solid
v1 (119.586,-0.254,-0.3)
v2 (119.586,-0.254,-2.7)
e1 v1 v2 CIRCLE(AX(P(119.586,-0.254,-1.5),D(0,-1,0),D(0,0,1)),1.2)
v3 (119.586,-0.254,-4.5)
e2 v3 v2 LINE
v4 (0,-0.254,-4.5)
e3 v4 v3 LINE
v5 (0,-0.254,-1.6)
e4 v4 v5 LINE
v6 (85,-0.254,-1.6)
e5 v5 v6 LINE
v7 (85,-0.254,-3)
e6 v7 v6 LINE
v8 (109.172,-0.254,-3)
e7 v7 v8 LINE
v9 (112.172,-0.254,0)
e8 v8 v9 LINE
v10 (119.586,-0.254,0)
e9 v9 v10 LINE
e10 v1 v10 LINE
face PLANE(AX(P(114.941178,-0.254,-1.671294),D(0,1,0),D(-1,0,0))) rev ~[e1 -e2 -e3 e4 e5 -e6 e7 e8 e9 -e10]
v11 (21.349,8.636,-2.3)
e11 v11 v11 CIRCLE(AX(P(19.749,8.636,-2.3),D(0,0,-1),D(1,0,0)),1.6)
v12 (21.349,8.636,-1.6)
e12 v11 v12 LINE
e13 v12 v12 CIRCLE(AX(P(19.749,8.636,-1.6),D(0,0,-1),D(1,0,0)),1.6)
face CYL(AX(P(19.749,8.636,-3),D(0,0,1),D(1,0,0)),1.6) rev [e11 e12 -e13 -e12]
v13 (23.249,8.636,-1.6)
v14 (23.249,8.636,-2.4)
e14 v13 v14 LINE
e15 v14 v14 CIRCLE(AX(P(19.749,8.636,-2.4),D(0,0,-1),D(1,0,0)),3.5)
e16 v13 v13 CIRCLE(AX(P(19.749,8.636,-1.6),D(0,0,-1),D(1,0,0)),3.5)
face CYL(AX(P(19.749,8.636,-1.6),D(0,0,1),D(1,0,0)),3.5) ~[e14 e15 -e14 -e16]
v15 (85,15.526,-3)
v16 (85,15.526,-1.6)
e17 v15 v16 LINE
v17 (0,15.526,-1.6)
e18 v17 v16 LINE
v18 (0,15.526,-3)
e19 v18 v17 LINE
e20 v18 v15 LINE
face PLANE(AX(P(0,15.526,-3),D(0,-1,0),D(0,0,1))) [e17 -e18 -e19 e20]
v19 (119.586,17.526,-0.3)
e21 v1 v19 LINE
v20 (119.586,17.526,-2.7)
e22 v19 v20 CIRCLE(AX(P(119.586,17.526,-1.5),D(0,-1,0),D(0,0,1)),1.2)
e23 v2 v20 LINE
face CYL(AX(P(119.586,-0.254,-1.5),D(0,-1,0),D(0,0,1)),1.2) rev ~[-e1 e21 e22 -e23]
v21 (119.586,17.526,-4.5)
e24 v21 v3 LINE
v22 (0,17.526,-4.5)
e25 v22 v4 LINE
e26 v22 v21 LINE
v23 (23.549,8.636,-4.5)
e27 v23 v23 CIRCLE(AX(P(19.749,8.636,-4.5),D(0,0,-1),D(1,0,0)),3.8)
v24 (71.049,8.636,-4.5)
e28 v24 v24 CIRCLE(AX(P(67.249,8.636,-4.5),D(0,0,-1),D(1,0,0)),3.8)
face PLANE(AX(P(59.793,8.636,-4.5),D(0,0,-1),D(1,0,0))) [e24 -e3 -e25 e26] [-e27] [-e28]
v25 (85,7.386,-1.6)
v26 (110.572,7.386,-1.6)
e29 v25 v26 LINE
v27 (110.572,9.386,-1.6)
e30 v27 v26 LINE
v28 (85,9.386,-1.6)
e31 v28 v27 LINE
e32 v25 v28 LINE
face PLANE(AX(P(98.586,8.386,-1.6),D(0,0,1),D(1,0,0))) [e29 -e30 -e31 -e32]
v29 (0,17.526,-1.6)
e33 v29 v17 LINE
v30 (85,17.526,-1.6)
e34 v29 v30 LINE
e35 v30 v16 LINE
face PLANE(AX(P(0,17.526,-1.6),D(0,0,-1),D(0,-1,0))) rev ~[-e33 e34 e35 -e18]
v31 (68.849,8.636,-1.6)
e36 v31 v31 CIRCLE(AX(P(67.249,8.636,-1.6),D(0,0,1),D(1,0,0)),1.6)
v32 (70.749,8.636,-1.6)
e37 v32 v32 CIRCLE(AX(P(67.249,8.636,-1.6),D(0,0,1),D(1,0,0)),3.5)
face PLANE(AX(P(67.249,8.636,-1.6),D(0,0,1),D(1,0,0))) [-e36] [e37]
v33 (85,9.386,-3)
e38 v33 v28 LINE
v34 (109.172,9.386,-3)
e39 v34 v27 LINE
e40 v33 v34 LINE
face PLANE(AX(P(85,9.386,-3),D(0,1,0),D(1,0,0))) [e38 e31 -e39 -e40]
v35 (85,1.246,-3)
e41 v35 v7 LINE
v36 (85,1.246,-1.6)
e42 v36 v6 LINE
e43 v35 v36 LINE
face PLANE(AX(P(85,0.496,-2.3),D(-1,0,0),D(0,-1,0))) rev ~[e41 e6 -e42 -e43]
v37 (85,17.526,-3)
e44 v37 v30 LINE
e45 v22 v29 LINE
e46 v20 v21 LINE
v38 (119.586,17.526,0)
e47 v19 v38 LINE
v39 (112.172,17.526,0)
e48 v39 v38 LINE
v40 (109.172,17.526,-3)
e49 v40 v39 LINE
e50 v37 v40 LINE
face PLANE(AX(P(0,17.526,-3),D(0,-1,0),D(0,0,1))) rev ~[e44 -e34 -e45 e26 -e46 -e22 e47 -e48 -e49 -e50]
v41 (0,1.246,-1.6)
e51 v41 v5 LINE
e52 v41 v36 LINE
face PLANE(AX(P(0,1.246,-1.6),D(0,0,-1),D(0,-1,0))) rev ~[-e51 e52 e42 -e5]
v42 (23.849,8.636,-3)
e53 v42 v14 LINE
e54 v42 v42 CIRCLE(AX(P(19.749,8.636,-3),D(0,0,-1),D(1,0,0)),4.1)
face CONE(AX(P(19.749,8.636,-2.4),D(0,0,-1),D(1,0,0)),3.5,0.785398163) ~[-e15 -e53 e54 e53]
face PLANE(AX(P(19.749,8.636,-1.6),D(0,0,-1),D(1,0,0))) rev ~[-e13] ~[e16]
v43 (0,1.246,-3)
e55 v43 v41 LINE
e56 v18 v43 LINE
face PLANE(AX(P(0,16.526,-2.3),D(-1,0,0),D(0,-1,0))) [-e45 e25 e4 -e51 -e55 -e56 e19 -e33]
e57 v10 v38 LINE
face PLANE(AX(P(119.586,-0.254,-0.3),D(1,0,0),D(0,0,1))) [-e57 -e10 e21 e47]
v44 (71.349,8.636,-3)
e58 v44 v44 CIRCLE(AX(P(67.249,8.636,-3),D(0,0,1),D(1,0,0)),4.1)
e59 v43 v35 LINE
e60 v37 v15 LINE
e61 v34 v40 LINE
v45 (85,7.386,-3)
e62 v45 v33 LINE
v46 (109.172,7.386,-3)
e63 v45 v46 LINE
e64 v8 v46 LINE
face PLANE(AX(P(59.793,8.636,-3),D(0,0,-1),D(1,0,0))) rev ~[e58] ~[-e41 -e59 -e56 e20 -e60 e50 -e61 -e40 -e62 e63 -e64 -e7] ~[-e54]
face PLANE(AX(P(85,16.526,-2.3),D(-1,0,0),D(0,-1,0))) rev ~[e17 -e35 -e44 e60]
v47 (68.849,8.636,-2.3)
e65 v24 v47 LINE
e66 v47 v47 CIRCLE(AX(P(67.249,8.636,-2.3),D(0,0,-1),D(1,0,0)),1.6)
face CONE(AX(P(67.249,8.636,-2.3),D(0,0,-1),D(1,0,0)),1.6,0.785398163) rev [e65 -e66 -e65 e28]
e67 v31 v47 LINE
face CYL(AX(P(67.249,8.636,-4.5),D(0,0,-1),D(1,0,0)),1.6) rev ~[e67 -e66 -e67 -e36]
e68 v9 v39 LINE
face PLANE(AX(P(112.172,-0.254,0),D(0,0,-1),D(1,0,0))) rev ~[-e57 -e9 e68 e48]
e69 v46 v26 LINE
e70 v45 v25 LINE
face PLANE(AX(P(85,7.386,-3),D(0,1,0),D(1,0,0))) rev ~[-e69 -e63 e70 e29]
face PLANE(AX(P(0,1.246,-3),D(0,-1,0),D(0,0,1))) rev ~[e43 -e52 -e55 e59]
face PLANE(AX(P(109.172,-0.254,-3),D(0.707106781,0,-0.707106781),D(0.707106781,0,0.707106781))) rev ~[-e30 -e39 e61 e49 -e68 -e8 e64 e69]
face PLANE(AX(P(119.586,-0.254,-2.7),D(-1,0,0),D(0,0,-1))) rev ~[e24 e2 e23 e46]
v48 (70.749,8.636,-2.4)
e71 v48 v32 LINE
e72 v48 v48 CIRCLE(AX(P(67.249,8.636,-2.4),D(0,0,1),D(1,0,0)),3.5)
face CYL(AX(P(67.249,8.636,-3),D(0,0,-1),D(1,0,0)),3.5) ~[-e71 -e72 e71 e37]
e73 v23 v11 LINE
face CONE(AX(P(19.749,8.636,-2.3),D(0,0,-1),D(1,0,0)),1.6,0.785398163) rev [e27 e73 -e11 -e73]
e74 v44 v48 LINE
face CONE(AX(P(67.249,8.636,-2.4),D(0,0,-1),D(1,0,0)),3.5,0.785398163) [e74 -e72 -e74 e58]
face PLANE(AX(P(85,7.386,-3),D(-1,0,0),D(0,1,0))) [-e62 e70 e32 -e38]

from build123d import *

# Parameters (mm, degrees)
SKETCH_R        = 3.5
SKETCH_R_2      = 1.6
PAD_DEPTH       = 1.4
SKETCH001_W     = 119.586
SKETCH001_H     = 17.78
SKETCH001_R     = 1.6
PAD001_DEPTH    = 1.5
SKETCH002_R     = 3.5
SKETCH002_R_2   = 1.6
PAD002_DEPTH    = 1.4
SKETCH003_R     = 1.6
POCKET_DEPTH    = 2.901
PAD003_DEPTH    = 17.78
CHAMFER_SIZE    = 2.2
CHAMFER002_SIZE = 0.6
SKETCH014_W     = 2
SKETCH014_H     = 1.4
SKETCH014_W_2   = 1.5
PAD009_DEPTH    = 85
SKETCH016_W     = 27.172
SKETCH016_H     = 2
PAD010_DEPTH    = 1.4


with BuildPart() as part:
    # Sketch (on Face1 of CopyPcb_f5c5) → Pad (new body)
    with BuildSketch(Plane(origin=(-93.484762, 101.426, -1.6), x_dir=(1, 0, 0), z_dir=(0, 0, -1))):
        with Locations((113.233762, 92.79)):
            Circle(SKETCH_R)
        with Locations((113.233762, 92.79)):
            Circle(SKETCH_R_2, mode=Mode.SUBTRACT)
    extrude(amount=PAD_DEPTH)

    # Sketch001 (on Face4 of Pad) → Pad001 (join)
    with BuildSketch(Plane(origin=(-93.484762, 101.426, -3), x_dir=(1, 0, 0), z_dir=(0, 0, -1))):
        with Locations((153.277762, 92.79)):
            Rectangle(SKETCH001_W, SKETCH001_H)
        with Locations((113.233762, 92.79)):
            Circle(SKETCH001_R, mode=Mode.SUBTRACT)
    extrude(amount=PAD001_DEPTH)

    # Sketch002 (on Face3 of Pad001) → Pad002 (join)
    with BuildSketch(Plane(origin=(-93.484762, 101.426, -3), x_dir=(1, 0, 0), z_dir=(0, 0, 1))):
        with Locations((160.733762, -92.79)):
            Circle(SKETCH002_R)
        with Locations((160.733762, -92.79)):
            Circle(SKETCH002_R_2, mode=Mode.SUBTRACT)
    extrude(amount=PAD002_DEPTH)

    # Sketch003 (on Face11 of Pad002) → Pocket (cut, through all)
    with BuildSketch(Plane(origin=(-93.484762, 101.426, -4.5), x_dir=(1, 0, 0), z_dir=(0, 0, -1))):
        with Locations((160.733762, 92.79)):
            Circle(SKETCH003_R)
    extrude(amount=-POCKET_DEPTH, mode=Mode.SUBTRACT)

    # Sketch004 (on Face6 of Pocket) → Pad003 (join)
    with BuildSketch(Plane(origin=(-93.484762, -0.254, -1.6), x_dir=(1, 0, 0), z_dir=(0, -1, 0))):
        with BuildLine():
            Line((202.656762, -1.4), (205.656762, 1.6))
            Line((205.656762, 1.6), (213.070762, 1.6))
            Line((213.070762, 1.3), (213.070762, 1.6))
            ThreePointArc((213.070762, 1.3), (211.870762, 0.1), (213.070762, -1.1))
            Line((213.070762, -1.1), (213.070762, -1.4))
            Line((213.070762, -1.4), (202.656762, -1.4))
        make_face()
    extrude(amount=-PAD003_DEPTH)

    # Chamfer
    chamfer_edges = [part.edges().sort_by_distance(p)[0] for p in [
        (18.149, 8.636, -4.5),
        (65.649, 8.636, -4.5),
    ]]
    chamfer(chamfer_edges, length=CHAMFER_SIZE)

    # Chamfer002
    chamfer002_edges = [part.edges().sort_by_distance(p)[0] for p in [
        (16.249, 8.636, -3),
        (63.749, 8.636, -3),
    ]]
    chamfer(chamfer002_edges, length=CHAMFER002_SIZE)

    # Sketch014 (on Face7 of Chamfer002) → Pad009 (join)
    with BuildSketch(Plane(origin=(0, 101.426, -1.6), x_dir=(0, -1, 0), z_dir=(-1, 0, 0))):
        with Locations((84.9, -0.7)):
            Rectangle(SKETCH014_W, SKETCH014_H)
        with Locations((100.93, -0.7)):
            Rectangle(SKETCH014_W_2, SKETCH014_H)
    extrude(amount=-PAD009_DEPTH)

    # Sketch016 (on Face4 of Pad009) → Pad010 (join)
    with BuildSketch(Plane(origin=(-93.484762, 101.426, -3), x_dir=(1, 0, 0), z_dir=(0, 0, 1))):
        with Locations((192.070762, -93.04)):
            Rectangle(SKETCH016_W, SKETCH016_H)
    extrude(amount=PAD010_DEPTH)


solid = part.part
